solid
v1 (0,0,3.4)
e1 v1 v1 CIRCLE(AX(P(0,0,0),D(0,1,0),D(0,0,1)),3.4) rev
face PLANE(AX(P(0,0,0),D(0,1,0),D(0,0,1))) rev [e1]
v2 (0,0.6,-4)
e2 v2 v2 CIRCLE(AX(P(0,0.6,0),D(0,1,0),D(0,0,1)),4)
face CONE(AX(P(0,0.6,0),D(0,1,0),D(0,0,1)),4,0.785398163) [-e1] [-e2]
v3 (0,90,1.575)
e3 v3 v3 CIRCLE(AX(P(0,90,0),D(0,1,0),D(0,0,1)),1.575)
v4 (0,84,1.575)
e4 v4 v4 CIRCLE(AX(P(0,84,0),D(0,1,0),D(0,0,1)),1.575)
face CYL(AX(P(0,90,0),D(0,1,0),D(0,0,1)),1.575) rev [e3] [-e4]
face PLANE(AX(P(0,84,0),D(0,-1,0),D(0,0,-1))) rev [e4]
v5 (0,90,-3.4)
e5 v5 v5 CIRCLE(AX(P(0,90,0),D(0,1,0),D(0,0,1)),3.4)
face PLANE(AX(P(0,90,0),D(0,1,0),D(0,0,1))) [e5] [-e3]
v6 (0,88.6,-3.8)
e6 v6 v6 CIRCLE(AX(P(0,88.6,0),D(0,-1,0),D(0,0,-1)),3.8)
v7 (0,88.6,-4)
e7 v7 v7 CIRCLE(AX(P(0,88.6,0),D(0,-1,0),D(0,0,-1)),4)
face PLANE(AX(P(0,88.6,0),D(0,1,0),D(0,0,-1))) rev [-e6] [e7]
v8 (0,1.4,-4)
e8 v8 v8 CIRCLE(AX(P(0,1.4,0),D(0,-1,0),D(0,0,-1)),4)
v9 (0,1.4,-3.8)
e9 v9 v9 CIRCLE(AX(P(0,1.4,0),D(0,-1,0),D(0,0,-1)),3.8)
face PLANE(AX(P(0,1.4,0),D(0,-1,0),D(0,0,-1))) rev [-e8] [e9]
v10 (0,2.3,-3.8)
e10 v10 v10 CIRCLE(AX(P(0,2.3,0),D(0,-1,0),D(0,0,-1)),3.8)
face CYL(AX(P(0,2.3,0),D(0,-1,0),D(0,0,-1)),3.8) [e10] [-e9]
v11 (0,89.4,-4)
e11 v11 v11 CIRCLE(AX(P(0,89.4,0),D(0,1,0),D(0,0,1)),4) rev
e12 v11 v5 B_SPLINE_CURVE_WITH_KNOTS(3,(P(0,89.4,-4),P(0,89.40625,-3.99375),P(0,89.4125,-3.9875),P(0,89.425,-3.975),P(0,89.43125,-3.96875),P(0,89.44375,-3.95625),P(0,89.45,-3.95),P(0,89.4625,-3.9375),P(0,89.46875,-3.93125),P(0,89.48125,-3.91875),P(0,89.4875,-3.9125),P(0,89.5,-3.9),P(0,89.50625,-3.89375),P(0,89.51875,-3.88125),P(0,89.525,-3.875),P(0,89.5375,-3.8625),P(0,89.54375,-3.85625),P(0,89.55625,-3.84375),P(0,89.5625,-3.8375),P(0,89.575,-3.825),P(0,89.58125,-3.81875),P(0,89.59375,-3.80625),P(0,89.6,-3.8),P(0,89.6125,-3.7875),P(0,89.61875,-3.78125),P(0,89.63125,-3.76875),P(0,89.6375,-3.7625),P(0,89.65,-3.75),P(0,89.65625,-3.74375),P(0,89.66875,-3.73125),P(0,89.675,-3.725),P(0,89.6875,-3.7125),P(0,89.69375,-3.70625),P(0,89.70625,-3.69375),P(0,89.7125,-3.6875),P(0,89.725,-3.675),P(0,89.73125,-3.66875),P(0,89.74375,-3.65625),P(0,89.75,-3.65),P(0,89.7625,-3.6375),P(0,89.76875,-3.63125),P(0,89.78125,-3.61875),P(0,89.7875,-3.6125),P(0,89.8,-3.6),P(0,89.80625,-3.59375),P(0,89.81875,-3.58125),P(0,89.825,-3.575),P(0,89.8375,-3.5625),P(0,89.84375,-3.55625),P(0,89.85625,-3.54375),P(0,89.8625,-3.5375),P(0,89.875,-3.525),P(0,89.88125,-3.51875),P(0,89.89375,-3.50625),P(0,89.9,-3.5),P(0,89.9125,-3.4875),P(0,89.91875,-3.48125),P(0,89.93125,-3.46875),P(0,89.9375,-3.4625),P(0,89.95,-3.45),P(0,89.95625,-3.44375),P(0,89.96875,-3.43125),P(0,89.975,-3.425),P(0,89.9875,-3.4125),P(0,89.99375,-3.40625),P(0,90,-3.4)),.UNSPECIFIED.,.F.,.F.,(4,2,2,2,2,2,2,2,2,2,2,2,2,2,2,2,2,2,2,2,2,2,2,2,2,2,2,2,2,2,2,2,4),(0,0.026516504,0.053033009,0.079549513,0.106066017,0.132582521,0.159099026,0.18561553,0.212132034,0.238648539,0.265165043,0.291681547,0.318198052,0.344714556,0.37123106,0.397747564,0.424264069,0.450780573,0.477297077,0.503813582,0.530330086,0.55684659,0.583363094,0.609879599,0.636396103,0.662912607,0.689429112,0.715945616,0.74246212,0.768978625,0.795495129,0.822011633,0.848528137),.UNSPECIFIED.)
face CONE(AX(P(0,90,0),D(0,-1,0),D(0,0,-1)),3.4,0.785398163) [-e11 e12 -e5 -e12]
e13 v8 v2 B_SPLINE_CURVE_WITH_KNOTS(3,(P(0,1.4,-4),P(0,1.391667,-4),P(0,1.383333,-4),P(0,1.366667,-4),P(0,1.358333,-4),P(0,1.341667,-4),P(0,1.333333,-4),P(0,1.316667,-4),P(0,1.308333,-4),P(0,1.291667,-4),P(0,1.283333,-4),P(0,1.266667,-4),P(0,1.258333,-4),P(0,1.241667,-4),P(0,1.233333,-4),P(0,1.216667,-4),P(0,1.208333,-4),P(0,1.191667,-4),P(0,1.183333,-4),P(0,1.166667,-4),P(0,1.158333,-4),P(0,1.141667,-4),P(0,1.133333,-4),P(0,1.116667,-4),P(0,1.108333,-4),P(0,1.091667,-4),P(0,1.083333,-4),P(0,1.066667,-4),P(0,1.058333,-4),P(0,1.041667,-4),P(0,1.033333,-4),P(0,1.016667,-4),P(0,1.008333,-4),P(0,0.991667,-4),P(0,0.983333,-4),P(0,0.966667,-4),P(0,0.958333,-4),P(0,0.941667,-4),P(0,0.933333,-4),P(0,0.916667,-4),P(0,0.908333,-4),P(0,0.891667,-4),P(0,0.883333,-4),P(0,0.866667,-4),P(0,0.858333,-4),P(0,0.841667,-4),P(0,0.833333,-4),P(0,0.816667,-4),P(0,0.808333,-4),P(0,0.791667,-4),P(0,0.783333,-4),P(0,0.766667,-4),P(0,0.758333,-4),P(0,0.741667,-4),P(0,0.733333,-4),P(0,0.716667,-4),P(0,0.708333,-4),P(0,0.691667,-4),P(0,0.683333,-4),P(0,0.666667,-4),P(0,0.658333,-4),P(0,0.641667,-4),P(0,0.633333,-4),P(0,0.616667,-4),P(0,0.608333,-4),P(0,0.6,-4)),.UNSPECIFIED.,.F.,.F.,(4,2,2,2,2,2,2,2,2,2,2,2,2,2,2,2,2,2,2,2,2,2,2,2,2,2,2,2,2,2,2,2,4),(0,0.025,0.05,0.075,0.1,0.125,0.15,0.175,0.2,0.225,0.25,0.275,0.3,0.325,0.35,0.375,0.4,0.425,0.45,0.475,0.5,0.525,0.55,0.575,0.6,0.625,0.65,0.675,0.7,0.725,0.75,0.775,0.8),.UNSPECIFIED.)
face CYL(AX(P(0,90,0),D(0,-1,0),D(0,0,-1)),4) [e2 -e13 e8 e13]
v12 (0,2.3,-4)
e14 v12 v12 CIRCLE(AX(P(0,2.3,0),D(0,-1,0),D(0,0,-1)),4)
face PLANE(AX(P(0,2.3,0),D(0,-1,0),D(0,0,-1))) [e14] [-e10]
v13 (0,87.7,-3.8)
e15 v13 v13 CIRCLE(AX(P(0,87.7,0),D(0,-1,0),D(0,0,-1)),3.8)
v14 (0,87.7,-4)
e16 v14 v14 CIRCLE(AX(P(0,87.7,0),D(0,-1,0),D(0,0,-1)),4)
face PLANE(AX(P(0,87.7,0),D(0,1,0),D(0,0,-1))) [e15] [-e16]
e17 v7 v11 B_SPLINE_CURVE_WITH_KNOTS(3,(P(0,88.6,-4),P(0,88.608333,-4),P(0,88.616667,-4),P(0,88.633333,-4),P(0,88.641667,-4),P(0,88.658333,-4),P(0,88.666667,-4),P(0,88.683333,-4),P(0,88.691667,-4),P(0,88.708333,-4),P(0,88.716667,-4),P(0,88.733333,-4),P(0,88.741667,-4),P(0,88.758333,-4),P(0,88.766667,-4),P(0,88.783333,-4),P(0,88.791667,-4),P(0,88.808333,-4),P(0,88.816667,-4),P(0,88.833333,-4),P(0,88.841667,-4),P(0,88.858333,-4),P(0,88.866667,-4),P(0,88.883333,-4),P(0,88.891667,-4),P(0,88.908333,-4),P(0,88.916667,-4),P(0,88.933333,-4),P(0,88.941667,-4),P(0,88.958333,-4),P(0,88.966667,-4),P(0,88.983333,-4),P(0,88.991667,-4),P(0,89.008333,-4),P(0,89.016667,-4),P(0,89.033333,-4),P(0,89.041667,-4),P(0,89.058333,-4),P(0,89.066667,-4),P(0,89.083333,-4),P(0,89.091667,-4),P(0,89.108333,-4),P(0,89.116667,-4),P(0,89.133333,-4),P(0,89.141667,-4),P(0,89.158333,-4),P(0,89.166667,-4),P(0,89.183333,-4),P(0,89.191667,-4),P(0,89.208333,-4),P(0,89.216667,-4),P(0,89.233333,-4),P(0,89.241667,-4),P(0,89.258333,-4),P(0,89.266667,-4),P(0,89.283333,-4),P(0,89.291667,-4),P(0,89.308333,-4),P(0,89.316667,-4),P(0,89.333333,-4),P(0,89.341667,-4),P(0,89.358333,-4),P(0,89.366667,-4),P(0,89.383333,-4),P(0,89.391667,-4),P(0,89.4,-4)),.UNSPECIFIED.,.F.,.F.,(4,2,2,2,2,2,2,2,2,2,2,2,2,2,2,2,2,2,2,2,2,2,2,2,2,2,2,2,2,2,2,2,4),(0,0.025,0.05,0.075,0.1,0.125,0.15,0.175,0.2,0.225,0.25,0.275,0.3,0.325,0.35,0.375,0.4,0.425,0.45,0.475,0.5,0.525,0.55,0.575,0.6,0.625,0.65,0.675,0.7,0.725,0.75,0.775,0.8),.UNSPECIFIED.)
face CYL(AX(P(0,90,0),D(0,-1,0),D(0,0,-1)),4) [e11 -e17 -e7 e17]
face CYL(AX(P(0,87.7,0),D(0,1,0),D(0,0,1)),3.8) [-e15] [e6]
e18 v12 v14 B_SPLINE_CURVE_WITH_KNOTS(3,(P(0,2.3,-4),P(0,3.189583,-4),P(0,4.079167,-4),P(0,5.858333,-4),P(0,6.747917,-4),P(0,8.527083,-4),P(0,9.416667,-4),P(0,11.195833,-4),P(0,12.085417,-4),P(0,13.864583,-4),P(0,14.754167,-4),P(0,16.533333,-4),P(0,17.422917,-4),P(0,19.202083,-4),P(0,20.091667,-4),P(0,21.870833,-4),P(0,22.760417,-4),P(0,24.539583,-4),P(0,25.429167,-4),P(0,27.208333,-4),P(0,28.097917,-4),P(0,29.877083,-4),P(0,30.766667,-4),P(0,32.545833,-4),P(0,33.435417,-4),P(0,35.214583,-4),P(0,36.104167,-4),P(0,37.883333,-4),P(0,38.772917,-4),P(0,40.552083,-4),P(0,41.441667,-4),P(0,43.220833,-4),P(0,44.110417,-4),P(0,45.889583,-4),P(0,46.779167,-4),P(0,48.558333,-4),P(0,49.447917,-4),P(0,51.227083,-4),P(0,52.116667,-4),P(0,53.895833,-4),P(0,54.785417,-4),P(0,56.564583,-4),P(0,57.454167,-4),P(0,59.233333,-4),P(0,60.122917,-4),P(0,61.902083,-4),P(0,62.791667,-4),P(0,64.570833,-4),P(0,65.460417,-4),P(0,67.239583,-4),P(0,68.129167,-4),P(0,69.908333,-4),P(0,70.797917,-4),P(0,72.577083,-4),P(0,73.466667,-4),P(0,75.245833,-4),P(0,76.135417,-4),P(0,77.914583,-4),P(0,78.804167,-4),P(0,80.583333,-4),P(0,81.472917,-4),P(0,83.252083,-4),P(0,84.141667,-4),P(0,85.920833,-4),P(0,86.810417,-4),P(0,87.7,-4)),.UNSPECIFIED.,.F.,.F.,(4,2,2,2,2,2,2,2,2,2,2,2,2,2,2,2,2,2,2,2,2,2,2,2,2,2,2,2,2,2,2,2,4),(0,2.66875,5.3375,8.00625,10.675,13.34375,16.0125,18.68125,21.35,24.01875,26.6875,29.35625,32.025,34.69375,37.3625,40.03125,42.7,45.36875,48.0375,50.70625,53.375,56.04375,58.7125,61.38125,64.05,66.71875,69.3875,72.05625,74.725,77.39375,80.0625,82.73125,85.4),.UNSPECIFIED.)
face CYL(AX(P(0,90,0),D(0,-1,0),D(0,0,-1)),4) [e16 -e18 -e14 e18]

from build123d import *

# Parameters (mm, degrees)
SKETCH1_R                        = 4
BOSS_EXTRUDE1_DEPTH              = 90
CHAMFER1_SIZE                    = 0.6
CUT_EXTRUDE1_START               = -1.4
SKETCH2_R                        = 4
SKETCH2_R_2                      = 3.8
CUT_EXTRUDE1_DEPTH               = 0.9
TAP_DRILL_FOR_M3_HELICOIL1_D     = 3.15
TAP_DRILL_FOR_M3_HELICOIL1_DEPTH = 6


with BuildPart() as part:
    # Sketch1 → Boss-Extrude1 (new body)
    with BuildSketch(Plane(origin=(0, 0, 0), x_dir=(1, 0, 0), z_dir=(0, 1, 0))):
        with Locations(Location((0, 0, 0), (0, 0, 90))):
            Circle(SKETCH1_R)
    extrude(amount=BOSS_EXTRUDE1_DEPTH)

    # Chamfer1
    chamfer1_edges = [part.edges().sort_by_distance(p)[0] for p in [
        (0, 0, 4),
        (0, 90, 4),
    ]]
    chamfer(chamfer1_edges, length=CHAMFER1_SIZE)

    # Sketch2 → Cut-Extrude1 (cut)
    with BuildSketch(Plane.XZ.offset(CUT_EXTRUDE1_START)):
        with Locations(Location((0, 0, 0), (0, 0, 270))):
            Circle(SKETCH2_R)
        with Locations(Location((0, 0, 0), (0, 0, 270))):
            Circle(SKETCH2_R_2, mode=Mode.SUBTRACT)
    cut_extrude1 = extrude(amount=-CUT_EXTRUDE1_DEPTH, mode=Mode.SUBTRACT)

    # Tap Drill for M3 Helicoil1
    with Locations(Plane(origin=(0, 90, 0), x_dir=(1, 0, 0), z_dir=(0, 1, 0))):
        with Locations((0, 0)):
            Hole(TAP_DRILL_FOR_M3_HELICOIL1_D / 2, depth=TAP_DRILL_FOR_M3_HELICOIL1_DEPTH)

    # Mirror1: Cut-Extrude1 across plane
    add(cut_extrude1.mirror(Plane(origin=(0, 45, 0), x_dir=(0, 0, 1), z_dir=(0, -1, 0))), mode=Mode.SUBTRACT)


solid = part.part
